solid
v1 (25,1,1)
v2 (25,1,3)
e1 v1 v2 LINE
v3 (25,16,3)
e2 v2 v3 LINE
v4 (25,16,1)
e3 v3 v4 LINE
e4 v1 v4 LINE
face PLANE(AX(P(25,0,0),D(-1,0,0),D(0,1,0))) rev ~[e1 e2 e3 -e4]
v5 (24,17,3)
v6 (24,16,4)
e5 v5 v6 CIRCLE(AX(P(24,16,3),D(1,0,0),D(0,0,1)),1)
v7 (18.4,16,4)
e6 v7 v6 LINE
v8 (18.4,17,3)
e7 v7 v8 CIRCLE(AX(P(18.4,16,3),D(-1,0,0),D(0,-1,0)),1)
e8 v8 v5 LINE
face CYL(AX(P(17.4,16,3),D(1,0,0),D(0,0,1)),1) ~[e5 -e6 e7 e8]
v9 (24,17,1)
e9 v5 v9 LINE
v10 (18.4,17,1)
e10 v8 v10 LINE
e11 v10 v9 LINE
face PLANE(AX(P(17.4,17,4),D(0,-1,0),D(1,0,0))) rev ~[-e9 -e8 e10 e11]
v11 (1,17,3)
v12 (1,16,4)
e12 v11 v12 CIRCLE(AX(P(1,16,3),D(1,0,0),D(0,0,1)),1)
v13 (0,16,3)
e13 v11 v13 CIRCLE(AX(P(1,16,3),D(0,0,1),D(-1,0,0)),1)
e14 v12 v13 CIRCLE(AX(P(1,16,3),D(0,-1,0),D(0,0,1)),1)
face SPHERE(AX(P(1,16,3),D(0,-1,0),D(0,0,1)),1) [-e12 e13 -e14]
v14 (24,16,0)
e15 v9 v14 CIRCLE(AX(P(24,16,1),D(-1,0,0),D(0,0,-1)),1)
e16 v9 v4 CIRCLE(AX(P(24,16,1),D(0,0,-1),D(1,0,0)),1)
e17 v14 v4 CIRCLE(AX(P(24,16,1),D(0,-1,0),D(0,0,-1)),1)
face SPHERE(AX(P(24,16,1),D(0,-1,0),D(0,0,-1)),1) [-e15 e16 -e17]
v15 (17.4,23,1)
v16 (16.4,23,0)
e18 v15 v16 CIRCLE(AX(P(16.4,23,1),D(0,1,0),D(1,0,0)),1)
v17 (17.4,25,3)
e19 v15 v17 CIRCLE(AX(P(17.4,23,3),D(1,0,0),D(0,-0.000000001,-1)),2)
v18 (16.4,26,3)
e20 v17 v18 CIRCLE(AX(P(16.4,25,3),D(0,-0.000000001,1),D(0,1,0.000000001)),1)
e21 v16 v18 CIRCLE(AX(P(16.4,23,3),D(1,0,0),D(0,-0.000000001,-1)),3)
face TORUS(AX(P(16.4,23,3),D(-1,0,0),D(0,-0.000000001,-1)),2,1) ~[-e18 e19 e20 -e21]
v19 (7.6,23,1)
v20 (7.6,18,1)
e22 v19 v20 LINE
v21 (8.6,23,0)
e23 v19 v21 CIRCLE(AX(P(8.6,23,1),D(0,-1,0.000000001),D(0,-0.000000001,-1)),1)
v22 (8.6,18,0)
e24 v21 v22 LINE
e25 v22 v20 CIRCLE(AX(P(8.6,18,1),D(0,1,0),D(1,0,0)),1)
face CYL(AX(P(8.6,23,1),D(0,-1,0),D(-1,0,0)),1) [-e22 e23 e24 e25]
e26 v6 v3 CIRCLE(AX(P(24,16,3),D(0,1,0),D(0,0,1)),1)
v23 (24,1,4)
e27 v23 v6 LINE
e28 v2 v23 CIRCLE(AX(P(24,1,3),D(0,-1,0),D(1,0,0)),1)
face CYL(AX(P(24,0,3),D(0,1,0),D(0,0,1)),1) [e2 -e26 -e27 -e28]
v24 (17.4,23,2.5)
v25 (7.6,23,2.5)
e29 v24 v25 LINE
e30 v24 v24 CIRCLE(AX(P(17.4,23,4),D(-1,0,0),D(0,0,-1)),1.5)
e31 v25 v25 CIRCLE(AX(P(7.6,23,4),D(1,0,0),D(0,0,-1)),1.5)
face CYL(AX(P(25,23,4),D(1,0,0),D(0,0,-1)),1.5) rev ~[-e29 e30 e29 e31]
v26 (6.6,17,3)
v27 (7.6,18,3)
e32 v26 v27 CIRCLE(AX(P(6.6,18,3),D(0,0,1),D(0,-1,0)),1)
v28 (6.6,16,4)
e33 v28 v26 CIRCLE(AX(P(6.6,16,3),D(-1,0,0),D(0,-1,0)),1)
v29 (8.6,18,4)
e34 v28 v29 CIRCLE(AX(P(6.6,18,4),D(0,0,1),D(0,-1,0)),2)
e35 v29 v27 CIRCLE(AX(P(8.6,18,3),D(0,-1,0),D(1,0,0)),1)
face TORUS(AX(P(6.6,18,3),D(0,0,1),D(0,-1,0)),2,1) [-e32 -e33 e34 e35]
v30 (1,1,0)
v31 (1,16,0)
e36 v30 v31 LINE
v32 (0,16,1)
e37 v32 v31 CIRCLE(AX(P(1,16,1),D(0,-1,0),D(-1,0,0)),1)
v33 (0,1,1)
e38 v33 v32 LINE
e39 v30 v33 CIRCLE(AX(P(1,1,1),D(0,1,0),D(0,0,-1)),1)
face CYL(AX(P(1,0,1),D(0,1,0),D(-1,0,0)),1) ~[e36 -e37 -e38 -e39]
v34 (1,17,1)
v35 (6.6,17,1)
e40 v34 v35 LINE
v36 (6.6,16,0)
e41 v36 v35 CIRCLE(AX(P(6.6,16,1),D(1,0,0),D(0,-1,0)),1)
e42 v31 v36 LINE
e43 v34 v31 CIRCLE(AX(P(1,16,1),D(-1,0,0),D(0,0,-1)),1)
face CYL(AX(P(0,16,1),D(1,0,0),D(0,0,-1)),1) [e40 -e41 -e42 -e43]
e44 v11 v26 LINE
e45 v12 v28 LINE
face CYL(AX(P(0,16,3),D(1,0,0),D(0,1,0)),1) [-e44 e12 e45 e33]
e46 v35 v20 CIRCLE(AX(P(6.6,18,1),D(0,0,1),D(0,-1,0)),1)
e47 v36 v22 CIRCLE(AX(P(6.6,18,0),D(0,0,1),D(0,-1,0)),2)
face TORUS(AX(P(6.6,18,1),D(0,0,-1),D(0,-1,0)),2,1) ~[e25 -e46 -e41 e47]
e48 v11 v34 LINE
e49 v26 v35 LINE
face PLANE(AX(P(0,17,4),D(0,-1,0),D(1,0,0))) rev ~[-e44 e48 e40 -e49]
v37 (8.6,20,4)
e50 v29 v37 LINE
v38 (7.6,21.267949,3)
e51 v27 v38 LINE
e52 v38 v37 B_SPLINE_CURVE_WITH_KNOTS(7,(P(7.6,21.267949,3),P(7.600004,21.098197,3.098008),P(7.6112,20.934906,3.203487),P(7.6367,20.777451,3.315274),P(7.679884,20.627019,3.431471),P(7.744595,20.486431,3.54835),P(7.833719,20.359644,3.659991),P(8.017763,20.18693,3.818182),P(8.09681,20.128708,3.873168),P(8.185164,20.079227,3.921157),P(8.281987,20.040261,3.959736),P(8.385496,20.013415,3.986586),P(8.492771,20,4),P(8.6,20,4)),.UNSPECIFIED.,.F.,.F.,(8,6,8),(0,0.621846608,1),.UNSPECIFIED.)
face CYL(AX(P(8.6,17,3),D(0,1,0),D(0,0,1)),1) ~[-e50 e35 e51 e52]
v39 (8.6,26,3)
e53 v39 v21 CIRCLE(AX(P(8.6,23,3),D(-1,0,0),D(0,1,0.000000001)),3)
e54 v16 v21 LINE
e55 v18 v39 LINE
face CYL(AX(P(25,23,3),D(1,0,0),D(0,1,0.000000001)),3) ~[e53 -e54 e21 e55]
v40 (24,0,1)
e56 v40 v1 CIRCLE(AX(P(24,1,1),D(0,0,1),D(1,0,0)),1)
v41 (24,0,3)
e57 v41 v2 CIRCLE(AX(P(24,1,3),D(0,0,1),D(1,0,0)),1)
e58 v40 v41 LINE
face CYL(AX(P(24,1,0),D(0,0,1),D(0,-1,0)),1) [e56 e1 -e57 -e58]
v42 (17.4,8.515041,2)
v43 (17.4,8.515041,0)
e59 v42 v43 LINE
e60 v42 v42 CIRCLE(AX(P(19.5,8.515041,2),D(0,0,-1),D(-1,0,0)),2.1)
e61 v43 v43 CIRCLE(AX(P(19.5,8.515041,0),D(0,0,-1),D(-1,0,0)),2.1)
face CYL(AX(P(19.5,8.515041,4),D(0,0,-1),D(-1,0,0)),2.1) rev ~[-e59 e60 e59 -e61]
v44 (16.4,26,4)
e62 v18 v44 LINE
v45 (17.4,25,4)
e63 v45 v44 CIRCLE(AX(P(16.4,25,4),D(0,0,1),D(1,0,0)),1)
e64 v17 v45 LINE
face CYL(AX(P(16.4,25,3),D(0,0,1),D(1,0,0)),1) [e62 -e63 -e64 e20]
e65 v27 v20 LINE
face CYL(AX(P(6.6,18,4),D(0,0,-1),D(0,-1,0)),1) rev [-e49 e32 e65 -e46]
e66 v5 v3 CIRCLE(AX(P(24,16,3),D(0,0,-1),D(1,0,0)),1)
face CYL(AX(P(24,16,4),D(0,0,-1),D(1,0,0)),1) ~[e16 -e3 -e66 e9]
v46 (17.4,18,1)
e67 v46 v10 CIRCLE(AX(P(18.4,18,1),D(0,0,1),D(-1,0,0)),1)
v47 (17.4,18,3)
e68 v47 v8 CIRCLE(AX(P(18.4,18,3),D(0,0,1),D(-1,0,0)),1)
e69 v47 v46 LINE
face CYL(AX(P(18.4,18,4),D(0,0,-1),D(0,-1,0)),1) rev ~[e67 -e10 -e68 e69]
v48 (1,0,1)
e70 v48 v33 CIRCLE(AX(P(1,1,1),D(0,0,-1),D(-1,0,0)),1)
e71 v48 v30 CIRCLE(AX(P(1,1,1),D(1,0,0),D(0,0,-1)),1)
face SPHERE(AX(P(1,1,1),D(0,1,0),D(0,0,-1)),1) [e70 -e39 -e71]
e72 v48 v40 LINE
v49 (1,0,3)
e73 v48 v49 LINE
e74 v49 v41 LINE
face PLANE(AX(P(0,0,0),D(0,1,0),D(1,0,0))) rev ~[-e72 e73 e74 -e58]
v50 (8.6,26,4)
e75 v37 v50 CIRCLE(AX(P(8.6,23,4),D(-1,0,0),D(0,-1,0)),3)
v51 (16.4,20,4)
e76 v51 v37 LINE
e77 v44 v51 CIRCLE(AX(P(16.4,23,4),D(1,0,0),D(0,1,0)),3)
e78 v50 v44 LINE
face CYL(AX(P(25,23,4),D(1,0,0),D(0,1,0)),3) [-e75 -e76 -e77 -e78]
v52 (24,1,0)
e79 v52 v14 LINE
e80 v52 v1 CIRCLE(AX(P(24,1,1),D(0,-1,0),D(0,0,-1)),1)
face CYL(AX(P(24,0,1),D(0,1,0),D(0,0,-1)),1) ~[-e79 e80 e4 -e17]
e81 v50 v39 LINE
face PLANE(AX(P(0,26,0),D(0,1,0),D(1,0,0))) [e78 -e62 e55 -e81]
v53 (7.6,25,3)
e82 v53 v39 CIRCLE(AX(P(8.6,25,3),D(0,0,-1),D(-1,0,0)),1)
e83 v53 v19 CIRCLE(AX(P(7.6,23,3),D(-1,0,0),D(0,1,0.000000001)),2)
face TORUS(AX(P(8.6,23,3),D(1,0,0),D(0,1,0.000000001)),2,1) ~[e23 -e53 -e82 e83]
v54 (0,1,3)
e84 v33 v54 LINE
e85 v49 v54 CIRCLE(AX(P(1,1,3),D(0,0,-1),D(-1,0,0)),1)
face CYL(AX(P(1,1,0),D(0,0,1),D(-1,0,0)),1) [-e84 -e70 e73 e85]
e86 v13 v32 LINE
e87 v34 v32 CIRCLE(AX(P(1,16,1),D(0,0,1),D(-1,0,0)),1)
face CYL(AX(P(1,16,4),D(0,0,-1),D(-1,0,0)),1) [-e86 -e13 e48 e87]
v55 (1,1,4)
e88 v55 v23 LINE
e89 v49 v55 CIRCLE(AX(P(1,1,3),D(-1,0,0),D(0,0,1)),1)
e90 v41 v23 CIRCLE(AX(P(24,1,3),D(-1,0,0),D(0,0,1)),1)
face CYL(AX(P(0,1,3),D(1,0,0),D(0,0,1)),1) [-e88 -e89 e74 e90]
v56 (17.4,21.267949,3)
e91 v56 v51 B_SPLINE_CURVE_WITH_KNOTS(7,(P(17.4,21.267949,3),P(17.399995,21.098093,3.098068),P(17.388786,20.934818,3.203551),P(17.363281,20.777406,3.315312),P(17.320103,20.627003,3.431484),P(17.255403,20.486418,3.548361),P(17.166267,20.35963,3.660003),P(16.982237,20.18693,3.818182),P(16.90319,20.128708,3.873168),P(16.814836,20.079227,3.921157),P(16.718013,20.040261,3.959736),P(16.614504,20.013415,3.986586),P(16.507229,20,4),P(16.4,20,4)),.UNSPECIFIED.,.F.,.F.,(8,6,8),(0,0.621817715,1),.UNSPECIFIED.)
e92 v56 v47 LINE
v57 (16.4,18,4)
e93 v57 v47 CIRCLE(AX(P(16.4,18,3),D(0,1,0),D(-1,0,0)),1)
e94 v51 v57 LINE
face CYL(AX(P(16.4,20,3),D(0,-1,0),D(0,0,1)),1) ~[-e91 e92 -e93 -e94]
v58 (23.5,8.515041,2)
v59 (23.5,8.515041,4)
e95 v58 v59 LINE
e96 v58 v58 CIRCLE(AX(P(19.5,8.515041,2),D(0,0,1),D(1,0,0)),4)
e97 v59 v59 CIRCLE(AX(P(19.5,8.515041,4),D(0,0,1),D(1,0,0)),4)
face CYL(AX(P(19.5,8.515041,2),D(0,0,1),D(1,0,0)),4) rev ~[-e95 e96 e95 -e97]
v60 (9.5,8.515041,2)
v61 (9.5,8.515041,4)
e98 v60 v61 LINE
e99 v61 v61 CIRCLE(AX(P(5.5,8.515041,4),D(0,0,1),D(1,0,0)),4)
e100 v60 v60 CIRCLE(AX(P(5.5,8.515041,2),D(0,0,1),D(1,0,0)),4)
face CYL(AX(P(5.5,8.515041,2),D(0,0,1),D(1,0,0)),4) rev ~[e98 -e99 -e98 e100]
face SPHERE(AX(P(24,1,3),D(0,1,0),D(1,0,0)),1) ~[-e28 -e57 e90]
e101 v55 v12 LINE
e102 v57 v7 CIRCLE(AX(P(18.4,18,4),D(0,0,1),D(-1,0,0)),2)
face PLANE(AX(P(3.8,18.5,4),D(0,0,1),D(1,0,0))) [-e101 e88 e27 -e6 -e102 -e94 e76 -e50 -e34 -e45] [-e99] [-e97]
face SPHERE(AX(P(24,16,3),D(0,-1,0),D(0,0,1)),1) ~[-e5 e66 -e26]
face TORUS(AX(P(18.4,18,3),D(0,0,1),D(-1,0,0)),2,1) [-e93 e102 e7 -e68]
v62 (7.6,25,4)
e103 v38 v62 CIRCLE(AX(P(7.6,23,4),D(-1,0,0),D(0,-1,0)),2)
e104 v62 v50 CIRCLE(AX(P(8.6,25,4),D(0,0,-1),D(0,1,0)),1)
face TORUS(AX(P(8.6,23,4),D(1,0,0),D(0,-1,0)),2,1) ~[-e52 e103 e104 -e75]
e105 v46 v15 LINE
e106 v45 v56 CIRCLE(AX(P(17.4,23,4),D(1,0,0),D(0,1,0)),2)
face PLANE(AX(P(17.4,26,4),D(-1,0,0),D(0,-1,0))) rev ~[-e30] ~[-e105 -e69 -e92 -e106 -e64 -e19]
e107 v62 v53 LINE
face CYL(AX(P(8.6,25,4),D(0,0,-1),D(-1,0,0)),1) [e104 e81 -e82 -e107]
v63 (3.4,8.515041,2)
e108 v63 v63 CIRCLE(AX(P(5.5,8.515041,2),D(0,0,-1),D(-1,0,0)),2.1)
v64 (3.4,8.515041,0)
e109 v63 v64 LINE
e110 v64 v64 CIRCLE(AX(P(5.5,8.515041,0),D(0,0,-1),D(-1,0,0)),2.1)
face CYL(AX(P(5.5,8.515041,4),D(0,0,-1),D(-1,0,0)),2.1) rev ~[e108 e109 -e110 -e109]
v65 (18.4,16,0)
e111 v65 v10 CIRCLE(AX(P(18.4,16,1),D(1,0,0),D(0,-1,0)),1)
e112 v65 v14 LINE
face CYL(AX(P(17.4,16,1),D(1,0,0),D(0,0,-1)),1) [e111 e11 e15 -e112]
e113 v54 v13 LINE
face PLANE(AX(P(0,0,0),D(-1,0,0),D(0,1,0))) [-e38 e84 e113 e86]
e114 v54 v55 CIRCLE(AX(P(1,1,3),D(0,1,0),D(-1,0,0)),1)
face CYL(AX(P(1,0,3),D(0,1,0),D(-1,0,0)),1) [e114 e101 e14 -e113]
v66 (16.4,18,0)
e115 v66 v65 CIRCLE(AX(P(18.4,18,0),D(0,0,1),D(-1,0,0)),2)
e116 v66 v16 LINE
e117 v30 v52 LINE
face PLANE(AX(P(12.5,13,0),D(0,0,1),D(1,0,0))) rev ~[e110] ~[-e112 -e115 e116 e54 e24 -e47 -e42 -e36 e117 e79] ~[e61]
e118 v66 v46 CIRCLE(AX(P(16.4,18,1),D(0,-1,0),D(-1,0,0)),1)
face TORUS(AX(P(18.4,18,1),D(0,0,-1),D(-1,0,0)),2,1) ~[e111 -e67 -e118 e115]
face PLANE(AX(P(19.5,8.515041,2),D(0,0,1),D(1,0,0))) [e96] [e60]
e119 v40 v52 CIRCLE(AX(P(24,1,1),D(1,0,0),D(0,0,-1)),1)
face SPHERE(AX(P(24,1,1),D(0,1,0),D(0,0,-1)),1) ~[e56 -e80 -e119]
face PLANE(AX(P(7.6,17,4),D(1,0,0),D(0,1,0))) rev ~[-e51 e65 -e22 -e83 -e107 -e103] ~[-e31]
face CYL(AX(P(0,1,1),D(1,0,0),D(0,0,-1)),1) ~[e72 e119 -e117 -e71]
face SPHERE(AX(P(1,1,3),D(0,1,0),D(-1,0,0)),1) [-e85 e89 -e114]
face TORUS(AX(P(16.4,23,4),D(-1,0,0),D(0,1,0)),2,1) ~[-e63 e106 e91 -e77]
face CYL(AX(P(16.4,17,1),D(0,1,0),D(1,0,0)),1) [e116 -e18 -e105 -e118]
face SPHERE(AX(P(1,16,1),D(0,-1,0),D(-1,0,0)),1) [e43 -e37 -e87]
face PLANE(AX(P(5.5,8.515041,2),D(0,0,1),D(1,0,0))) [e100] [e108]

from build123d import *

# Parameters (mm, degrees)
ESQUISSE1_W                                       = 25
ESQUISSE1_H                                       = 26
BOSS_EXTRU_1_DEPTH                                = 4
BOSS_EXTRU_2_DEPTH                                = 25
ESQUISSE3_R                                       = 1.5
ENL_V_MAT_EXTRU_1_DEPTH                           = 25
ENL_V_MAT_EXTRU_2_DEPTH                           = 25
ENL_V_MAT_EXTRU_2_DEPTH_BACK                      = 25
ESQUISSE4_W                                       = 7.6
ESQUISSE4_H                                       = 9
CHAMBRAGE_POUR_VIS_SIX_PANS_CREUX_M41_D           = 4.2
CHAMBRAGE_POUR_VIS_SIX_PANS_CREUX_M41_CBORE_D     = 8
CHAMBRAGE_POUR_VIS_SIX_PANS_CREUX_M41_CBORE_DEPTH = 2
CONG_1_R                                          = 1


with BuildPart() as part:
    # Esquisse1 → Boss.-Extru.1 (new body)
    with BuildSketch(Plane.XY):
        with Locations((12.5, 13)):
            Rectangle(ESQUISSE1_W, ESQUISSE1_H)
    extrude(amount=BOSS_EXTRU_1_DEPTH)

    # Esquisse2 → Boss.-Extru.2 (add)
    with BuildSketch(Plane(origin=(25, 0, 0), x_dir=(0, 0, -1), z_dir=(1, 0, 0))):
        with BuildLine():
            Line((-4, 20), (-4, 26))
            ThreePointArc((-4, 26), (-7, 23), (-4, 20))
        make_face()
    extrude(amount=-BOSS_EXTRU_2_DEPTH)

    # Esquisse3 → Enlèv. mat.-Extru.1 (cut)
    with BuildSketch(Plane(origin=(25, 0, 0), x_dir=(0, 0, -1), z_dir=(1, 0, 0))):
        with BuildLine():
            ThreePointArc((-3, 26), (-0.878679656, 25.121320344), (0, 23))
            Line((0, 23), (0, 26))
            Line((0, 26), (-3, 26))
        make_face()
        with Locations((-4, 23)):
            Circle(ESQUISSE3_R)
    extrude(amount=-ENL_V_MAT_EXTRU_1_DEPTH, mode=Mode.SUBTRACT)

    # Esquisse4 → Enlèv. mat.-Extru.2 (cut, two sides: drawn at the far end of the back side and taken through both)
    with BuildSketch(Plane.XY.offset(4).offset(-ENL_V_MAT_EXTRU_2_DEPTH_BACK)):
        with Locations((3.8, 21.5)):
            Rectangle(ESQUISSE4_W, ESQUISSE4_H)
        with Locations((21.2, 21.5)):
            Rectangle(ESQUISSE4_W, ESQUISSE4_H)
    extrude(amount=ENL_V_MAT_EXTRU_2_DEPTH + ENL_V_MAT_EXTRU_2_DEPTH_BACK, mode=Mode.SUBTRACT)

    # Chambrage pour vis à six pans creux M41 (through all)
    with Locations(Plane(origin=(5.5, 8.51504076, 4), x_dir=(1, 0, 0), z_dir=(0, 0, 1))):
        with Locations((0, 0), (14, 0)):
            CounterBoreHole(CHAMBRAGE_POUR_VIS_SIX_PANS_CREUX_M41_D / 2, CHAMBRAGE_POUR_VIS_SIX_PANS_CREUX_M41_CBORE_D / 2, CHAMBRAGE_POUR_VIS_SIX_PANS_CREUX_M41_CBORE_DEPTH)

    # Congé1
    cong_1_edges = [part.edges().sort_by_distance(p)[0] for p in [
        (7.6, 23, 7),
        (7.6, 26, 3.5),
        (7.6, 25.121320344, 0.878679656),
        (7.6, 20, 0),
        (7.6, 18.5, 4),
        (17.4, 20, 0),
        (17.4, 25.121320344, 0.878679656),
        (17.4, 26, 3.5),
        (12.5, 0, 4),
        (12.5, 0, 0),
        (0, 8.5, 4),
        (0, 0, 2),
        (0, 8.5, 0),
        (3.8, 17, 0),
        (7.6, 17, 2),
        (3.8, 17, 4),
        (0, 17, 2),
        (25, 0, 2),
        (25, 8.5, 4),
        (25, 8.5, 0),
        (25, 17, 2),
        (21.2, 17, 4),
        (17.4, 17, 2),
        (21.2, 17, 0),
        (17.4, 18.5, 4),
        (17.4, 23, 7),
    ]]
    fillet(cong_1_edges, radius=CONG_1_R)


solid = part.part
